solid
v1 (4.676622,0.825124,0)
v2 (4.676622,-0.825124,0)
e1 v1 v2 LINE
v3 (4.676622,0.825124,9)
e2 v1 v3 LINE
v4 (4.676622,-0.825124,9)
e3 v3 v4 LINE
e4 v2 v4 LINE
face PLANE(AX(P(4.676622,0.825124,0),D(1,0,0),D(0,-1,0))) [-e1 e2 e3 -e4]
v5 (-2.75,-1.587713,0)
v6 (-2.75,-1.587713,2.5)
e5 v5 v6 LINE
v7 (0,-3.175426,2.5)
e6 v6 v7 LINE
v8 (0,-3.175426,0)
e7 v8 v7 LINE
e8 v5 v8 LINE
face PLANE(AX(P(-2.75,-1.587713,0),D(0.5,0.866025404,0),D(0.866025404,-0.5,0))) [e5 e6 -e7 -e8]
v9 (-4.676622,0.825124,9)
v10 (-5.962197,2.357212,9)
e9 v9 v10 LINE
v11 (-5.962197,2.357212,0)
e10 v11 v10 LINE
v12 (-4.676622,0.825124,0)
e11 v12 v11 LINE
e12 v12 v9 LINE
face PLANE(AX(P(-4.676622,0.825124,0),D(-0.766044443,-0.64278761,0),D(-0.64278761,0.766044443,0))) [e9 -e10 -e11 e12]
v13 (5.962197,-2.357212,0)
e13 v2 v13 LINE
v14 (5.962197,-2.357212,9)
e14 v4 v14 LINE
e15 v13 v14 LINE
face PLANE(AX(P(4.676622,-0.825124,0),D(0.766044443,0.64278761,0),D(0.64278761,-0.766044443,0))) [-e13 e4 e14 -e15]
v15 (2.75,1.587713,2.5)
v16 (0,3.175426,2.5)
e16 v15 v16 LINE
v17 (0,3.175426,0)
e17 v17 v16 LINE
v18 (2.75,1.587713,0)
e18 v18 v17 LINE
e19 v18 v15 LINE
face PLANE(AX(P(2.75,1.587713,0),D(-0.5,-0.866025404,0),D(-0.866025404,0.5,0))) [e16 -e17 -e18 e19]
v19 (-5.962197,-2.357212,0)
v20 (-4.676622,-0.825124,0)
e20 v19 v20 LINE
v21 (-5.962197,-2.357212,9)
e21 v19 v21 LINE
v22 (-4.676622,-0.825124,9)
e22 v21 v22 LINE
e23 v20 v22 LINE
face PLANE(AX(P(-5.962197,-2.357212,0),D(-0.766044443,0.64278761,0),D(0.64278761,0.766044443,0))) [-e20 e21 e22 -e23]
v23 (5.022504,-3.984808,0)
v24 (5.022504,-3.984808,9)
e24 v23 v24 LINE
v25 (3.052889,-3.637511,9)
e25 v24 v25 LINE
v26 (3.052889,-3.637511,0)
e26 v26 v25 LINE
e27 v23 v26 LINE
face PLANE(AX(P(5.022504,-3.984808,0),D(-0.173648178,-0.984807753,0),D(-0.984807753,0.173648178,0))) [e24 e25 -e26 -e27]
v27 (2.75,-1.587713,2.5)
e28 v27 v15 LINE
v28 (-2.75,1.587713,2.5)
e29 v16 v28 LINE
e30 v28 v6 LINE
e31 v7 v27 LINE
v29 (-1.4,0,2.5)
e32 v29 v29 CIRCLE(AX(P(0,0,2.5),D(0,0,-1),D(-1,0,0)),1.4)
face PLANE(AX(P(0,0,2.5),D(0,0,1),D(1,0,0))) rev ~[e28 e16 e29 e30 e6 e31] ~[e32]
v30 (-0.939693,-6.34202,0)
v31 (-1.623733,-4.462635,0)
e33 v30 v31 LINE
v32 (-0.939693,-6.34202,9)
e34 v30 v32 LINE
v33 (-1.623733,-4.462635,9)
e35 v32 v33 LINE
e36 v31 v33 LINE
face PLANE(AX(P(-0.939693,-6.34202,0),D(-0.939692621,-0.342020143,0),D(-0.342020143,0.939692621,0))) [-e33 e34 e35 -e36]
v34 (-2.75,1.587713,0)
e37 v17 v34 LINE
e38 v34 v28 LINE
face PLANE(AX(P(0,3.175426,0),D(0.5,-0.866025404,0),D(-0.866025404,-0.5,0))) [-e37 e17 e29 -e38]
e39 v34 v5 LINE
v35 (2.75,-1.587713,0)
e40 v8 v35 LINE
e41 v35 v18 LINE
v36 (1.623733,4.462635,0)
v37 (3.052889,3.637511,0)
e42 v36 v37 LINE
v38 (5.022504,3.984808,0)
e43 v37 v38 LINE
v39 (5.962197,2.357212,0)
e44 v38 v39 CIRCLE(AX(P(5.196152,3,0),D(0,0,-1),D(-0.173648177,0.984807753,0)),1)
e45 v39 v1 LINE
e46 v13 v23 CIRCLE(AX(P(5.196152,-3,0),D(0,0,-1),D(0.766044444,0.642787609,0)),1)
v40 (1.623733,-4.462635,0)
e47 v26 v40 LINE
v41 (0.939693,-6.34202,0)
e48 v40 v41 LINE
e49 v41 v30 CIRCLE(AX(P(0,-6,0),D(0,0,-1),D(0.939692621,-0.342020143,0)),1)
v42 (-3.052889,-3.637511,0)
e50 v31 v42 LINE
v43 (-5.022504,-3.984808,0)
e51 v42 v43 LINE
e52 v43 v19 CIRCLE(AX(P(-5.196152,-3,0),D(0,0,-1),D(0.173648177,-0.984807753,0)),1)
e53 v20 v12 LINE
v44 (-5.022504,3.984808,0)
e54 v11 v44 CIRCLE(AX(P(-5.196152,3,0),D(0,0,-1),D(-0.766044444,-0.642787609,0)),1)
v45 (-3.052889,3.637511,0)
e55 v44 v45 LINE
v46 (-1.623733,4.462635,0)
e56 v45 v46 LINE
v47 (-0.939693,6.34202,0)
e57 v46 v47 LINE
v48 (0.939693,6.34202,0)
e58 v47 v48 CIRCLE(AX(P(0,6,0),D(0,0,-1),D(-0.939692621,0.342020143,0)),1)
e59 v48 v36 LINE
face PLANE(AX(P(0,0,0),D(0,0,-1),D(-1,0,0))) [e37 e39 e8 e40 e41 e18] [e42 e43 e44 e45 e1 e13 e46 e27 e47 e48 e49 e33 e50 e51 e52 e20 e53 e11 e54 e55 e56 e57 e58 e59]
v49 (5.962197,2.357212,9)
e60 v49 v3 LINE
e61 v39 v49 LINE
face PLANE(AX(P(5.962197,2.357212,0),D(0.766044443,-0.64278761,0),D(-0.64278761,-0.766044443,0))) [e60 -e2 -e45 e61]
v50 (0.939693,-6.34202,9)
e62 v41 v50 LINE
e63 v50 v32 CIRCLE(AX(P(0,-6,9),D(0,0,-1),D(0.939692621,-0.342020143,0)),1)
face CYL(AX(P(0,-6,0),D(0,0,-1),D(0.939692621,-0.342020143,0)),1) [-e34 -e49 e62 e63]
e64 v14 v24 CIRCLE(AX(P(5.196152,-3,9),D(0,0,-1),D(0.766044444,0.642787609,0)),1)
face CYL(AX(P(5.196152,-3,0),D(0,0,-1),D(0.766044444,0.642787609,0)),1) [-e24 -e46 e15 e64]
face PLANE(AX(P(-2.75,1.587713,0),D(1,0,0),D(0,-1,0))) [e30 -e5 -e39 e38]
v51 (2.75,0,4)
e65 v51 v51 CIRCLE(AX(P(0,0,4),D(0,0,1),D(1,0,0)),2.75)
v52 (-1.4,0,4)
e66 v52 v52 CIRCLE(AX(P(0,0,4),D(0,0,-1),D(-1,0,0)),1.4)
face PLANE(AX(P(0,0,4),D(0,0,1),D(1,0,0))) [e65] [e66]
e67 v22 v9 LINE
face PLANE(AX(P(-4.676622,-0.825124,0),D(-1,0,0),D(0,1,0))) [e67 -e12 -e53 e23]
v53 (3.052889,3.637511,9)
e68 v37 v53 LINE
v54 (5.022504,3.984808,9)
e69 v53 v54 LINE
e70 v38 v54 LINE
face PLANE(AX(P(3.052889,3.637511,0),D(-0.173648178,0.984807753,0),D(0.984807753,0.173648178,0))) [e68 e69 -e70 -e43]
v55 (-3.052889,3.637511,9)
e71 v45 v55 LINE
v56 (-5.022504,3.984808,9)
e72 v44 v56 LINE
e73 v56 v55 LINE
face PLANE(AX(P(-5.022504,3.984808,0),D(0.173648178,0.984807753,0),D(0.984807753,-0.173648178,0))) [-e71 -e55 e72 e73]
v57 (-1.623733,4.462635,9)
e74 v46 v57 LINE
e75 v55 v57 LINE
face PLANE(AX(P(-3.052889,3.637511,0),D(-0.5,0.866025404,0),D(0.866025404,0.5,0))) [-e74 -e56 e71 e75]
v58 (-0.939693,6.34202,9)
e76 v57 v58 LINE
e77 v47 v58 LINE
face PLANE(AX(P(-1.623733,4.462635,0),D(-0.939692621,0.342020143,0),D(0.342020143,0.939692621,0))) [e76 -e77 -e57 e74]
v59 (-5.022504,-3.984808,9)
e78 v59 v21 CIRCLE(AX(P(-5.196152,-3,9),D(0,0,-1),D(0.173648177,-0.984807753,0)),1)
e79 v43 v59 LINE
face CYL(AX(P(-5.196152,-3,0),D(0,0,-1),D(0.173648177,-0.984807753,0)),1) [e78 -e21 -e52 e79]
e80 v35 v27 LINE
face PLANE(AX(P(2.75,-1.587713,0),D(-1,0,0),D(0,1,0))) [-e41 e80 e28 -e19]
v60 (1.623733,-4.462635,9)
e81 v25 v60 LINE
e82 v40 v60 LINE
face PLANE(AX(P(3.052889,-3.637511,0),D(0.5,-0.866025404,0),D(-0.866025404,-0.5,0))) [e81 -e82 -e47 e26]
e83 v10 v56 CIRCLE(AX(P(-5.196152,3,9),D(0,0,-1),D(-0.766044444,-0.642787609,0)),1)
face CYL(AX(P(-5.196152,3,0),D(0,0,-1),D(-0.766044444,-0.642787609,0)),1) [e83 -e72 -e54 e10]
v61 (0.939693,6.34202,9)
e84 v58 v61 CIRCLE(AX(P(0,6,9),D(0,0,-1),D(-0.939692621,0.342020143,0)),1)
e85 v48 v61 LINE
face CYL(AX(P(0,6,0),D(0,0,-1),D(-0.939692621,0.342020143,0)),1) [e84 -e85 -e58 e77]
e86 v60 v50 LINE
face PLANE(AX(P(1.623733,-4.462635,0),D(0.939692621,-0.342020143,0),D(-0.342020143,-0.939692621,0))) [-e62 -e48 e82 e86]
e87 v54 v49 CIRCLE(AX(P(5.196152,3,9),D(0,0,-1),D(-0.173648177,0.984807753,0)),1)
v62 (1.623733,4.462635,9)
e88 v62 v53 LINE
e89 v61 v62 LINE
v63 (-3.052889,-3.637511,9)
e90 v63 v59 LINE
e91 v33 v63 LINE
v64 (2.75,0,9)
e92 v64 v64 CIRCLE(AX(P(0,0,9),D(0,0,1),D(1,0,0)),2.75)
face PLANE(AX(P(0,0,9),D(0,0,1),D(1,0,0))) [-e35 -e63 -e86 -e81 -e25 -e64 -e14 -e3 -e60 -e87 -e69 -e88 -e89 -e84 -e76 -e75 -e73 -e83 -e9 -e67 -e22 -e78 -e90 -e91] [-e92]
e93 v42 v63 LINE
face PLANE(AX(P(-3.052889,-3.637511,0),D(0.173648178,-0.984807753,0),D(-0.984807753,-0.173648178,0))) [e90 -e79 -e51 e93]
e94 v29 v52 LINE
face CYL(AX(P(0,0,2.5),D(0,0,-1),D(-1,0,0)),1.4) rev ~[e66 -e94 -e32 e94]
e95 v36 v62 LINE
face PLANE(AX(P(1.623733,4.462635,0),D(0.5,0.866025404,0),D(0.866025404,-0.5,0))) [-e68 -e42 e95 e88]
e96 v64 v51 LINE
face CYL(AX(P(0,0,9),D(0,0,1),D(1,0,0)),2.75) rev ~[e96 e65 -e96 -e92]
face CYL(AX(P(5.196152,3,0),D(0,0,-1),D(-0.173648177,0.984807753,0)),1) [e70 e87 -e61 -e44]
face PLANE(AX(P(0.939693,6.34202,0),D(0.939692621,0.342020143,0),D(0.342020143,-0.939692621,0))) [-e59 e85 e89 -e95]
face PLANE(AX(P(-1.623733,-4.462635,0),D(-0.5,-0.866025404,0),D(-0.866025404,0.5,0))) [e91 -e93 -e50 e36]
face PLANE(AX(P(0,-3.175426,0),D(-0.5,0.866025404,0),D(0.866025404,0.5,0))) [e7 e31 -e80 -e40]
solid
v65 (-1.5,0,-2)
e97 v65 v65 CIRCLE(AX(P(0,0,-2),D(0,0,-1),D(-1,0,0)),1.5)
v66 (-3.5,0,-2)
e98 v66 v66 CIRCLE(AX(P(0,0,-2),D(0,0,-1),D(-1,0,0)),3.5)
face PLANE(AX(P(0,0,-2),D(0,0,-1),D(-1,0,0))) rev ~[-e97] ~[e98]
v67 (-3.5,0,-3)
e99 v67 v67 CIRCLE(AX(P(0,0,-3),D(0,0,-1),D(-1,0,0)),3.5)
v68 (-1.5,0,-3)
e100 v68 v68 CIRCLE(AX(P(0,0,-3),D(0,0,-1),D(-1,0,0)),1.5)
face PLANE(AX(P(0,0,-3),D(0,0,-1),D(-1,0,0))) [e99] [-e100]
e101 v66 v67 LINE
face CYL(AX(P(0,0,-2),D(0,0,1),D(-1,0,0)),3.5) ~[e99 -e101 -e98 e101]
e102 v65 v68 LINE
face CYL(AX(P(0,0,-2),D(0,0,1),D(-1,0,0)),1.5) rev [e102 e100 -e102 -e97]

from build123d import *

# Parameters (mm, degrees)
BOSS_EXTRUDE1_DEPTH = 9
SKETCH5_R           = 1.4
BOSS_EXTRUDE2_DEPTH = 6.5
SKETCH6_R           = 2.75
CUT_EXTRUDE1_DEPTH  = 5
SKETCH9_R           = 3.5
SKETCH9_R_2         = 1.5
BOSS_EXTRUDE3_DEPTH = 1


with BuildPart() as part:
    # Sketch1 → Boss-Extrude1 (new body)
    with BuildSketch(Plane.XY):
        with BuildLine():
            Line((-1.623732907, 4.462634902), (-0.939692621, 6.342020143))
            ThreePointArc((-0.939692621, 6.342020143), (0, 7), (0.939692621, 6.342020143))
            Line((0.939692621, 6.342020143), (1.623732907, 4.462634902))
            Line((1.623732907, 4.462634902), (3.052888739, 3.637511398))
            Line((3.052888739, 3.637511398), (5.022504245, 3.984807753))
            ThreePointArc((5.022504245, 3.984807753), (6.062177826, 3.5), (5.962196866, 2.35721239))
            Line((5.962196866, 2.35721239), (4.676621646, 0.825123504))
            Line((4.676621646, 0.825123504), (4.676621646, -0.825123504))
            Line((4.676621646, -0.825123504), (5.962196866, -2.35721239))
            ThreePointArc((5.962196866, -2.35721239), (6.062177826, -3.5), (5.022504245, -3.984807753))
            Line((5.022504245, -3.984807753), (3.052888739, -3.637511398))
            Line((3.052888739, -3.637511398), (1.623732907, -4.462634902))
            Line((1.623732907, -4.462634902), (0.939692621, -6.342020143))
            ThreePointArc((0.939692621, -6.342020143), (0, -7), (-0.939692621, -6.342020143))
            Line((-0.939692621, -6.342020143), (-1.623732907, -4.462634902))
            Line((-1.623732907, -4.462634902), (-3.052888739, -3.637511398))
            Line((-3.052888739, -3.637511398), (-5.022504245, -3.984807753))
            ThreePointArc((-5.022504245, -3.984807753), (-6.062177826, -3.5), (-5.962196866, -2.35721239))
            Line((-5.962196866, -2.35721239), (-4.676621646, -0.825123504))
            Line((-4.676621646, -0.825123504), (-4.676621646, 0.825123504))
            Line((-4.676621646, 0.825123504), (-5.962196866, 2.35721239))
            ThreePointArc((-5.962196866, 2.35721239), (-6.062177826, 3.5), (-5.022504245, 3.984807753))
            Line((-5.022504245, 3.984807753), (-3.052888739, 3.637511398))
            Line((-3.052888739, 3.637511398), (-1.623732907, 4.462634902))
        make_face()
        Polygon((2.75, -1.58771324), (2.75, 1.58771324), (0, 3.175426481), (-2.75, 1.58771324), (-2.75, -1.58771324), (0, -3.175426481), align=None, mode=Mode.SUBTRACT)
    extrude(amount=BOSS_EXTRUDE1_DEPTH)

    # Sketch5 → Boss-Extrude2 (add)
    with BuildSketch(Plane(origin=(0, 0, 2.5), x_dir=(-1, 0, 0), z_dir=(0, 0, -1))):
        Polygon((-2.75, 1.58771324), (0, 3.175426481), (2.75, 1.58771324), (2.75, -1.58771324), (0, -3.175426481), (-2.75, -1.58771324), align=None)
        Circle(SKETCH5_R, mode=Mode.SUBTRACT)
    extrude(amount=-BOSS_EXTRUDE2_DEPTH)

    # Sketch6 → Cut-Extrude1 (cut)
    with BuildSketch(Plane.XY.offset(9)):
        Circle(SKETCH6_R)
    extrude(amount=-CUT_EXTRUDE1_DEPTH, mode=Mode.SUBTRACT)


with BuildPart() as body_2:
    # Sketch9 → Boss-Extrude3 (new body)
    with BuildSketch(Plane(origin=(0, 0, -2), x_dir=(-1, 0, 0), z_dir=(0, 0, -1))):
        Circle(SKETCH9_R)
        Circle(SKETCH9_R_2, mode=Mode.SUBTRACT)
    extrude(amount=BOSS_EXTRUDE3_DEPTH)


solid = Compound([part.part, body_2.part])
